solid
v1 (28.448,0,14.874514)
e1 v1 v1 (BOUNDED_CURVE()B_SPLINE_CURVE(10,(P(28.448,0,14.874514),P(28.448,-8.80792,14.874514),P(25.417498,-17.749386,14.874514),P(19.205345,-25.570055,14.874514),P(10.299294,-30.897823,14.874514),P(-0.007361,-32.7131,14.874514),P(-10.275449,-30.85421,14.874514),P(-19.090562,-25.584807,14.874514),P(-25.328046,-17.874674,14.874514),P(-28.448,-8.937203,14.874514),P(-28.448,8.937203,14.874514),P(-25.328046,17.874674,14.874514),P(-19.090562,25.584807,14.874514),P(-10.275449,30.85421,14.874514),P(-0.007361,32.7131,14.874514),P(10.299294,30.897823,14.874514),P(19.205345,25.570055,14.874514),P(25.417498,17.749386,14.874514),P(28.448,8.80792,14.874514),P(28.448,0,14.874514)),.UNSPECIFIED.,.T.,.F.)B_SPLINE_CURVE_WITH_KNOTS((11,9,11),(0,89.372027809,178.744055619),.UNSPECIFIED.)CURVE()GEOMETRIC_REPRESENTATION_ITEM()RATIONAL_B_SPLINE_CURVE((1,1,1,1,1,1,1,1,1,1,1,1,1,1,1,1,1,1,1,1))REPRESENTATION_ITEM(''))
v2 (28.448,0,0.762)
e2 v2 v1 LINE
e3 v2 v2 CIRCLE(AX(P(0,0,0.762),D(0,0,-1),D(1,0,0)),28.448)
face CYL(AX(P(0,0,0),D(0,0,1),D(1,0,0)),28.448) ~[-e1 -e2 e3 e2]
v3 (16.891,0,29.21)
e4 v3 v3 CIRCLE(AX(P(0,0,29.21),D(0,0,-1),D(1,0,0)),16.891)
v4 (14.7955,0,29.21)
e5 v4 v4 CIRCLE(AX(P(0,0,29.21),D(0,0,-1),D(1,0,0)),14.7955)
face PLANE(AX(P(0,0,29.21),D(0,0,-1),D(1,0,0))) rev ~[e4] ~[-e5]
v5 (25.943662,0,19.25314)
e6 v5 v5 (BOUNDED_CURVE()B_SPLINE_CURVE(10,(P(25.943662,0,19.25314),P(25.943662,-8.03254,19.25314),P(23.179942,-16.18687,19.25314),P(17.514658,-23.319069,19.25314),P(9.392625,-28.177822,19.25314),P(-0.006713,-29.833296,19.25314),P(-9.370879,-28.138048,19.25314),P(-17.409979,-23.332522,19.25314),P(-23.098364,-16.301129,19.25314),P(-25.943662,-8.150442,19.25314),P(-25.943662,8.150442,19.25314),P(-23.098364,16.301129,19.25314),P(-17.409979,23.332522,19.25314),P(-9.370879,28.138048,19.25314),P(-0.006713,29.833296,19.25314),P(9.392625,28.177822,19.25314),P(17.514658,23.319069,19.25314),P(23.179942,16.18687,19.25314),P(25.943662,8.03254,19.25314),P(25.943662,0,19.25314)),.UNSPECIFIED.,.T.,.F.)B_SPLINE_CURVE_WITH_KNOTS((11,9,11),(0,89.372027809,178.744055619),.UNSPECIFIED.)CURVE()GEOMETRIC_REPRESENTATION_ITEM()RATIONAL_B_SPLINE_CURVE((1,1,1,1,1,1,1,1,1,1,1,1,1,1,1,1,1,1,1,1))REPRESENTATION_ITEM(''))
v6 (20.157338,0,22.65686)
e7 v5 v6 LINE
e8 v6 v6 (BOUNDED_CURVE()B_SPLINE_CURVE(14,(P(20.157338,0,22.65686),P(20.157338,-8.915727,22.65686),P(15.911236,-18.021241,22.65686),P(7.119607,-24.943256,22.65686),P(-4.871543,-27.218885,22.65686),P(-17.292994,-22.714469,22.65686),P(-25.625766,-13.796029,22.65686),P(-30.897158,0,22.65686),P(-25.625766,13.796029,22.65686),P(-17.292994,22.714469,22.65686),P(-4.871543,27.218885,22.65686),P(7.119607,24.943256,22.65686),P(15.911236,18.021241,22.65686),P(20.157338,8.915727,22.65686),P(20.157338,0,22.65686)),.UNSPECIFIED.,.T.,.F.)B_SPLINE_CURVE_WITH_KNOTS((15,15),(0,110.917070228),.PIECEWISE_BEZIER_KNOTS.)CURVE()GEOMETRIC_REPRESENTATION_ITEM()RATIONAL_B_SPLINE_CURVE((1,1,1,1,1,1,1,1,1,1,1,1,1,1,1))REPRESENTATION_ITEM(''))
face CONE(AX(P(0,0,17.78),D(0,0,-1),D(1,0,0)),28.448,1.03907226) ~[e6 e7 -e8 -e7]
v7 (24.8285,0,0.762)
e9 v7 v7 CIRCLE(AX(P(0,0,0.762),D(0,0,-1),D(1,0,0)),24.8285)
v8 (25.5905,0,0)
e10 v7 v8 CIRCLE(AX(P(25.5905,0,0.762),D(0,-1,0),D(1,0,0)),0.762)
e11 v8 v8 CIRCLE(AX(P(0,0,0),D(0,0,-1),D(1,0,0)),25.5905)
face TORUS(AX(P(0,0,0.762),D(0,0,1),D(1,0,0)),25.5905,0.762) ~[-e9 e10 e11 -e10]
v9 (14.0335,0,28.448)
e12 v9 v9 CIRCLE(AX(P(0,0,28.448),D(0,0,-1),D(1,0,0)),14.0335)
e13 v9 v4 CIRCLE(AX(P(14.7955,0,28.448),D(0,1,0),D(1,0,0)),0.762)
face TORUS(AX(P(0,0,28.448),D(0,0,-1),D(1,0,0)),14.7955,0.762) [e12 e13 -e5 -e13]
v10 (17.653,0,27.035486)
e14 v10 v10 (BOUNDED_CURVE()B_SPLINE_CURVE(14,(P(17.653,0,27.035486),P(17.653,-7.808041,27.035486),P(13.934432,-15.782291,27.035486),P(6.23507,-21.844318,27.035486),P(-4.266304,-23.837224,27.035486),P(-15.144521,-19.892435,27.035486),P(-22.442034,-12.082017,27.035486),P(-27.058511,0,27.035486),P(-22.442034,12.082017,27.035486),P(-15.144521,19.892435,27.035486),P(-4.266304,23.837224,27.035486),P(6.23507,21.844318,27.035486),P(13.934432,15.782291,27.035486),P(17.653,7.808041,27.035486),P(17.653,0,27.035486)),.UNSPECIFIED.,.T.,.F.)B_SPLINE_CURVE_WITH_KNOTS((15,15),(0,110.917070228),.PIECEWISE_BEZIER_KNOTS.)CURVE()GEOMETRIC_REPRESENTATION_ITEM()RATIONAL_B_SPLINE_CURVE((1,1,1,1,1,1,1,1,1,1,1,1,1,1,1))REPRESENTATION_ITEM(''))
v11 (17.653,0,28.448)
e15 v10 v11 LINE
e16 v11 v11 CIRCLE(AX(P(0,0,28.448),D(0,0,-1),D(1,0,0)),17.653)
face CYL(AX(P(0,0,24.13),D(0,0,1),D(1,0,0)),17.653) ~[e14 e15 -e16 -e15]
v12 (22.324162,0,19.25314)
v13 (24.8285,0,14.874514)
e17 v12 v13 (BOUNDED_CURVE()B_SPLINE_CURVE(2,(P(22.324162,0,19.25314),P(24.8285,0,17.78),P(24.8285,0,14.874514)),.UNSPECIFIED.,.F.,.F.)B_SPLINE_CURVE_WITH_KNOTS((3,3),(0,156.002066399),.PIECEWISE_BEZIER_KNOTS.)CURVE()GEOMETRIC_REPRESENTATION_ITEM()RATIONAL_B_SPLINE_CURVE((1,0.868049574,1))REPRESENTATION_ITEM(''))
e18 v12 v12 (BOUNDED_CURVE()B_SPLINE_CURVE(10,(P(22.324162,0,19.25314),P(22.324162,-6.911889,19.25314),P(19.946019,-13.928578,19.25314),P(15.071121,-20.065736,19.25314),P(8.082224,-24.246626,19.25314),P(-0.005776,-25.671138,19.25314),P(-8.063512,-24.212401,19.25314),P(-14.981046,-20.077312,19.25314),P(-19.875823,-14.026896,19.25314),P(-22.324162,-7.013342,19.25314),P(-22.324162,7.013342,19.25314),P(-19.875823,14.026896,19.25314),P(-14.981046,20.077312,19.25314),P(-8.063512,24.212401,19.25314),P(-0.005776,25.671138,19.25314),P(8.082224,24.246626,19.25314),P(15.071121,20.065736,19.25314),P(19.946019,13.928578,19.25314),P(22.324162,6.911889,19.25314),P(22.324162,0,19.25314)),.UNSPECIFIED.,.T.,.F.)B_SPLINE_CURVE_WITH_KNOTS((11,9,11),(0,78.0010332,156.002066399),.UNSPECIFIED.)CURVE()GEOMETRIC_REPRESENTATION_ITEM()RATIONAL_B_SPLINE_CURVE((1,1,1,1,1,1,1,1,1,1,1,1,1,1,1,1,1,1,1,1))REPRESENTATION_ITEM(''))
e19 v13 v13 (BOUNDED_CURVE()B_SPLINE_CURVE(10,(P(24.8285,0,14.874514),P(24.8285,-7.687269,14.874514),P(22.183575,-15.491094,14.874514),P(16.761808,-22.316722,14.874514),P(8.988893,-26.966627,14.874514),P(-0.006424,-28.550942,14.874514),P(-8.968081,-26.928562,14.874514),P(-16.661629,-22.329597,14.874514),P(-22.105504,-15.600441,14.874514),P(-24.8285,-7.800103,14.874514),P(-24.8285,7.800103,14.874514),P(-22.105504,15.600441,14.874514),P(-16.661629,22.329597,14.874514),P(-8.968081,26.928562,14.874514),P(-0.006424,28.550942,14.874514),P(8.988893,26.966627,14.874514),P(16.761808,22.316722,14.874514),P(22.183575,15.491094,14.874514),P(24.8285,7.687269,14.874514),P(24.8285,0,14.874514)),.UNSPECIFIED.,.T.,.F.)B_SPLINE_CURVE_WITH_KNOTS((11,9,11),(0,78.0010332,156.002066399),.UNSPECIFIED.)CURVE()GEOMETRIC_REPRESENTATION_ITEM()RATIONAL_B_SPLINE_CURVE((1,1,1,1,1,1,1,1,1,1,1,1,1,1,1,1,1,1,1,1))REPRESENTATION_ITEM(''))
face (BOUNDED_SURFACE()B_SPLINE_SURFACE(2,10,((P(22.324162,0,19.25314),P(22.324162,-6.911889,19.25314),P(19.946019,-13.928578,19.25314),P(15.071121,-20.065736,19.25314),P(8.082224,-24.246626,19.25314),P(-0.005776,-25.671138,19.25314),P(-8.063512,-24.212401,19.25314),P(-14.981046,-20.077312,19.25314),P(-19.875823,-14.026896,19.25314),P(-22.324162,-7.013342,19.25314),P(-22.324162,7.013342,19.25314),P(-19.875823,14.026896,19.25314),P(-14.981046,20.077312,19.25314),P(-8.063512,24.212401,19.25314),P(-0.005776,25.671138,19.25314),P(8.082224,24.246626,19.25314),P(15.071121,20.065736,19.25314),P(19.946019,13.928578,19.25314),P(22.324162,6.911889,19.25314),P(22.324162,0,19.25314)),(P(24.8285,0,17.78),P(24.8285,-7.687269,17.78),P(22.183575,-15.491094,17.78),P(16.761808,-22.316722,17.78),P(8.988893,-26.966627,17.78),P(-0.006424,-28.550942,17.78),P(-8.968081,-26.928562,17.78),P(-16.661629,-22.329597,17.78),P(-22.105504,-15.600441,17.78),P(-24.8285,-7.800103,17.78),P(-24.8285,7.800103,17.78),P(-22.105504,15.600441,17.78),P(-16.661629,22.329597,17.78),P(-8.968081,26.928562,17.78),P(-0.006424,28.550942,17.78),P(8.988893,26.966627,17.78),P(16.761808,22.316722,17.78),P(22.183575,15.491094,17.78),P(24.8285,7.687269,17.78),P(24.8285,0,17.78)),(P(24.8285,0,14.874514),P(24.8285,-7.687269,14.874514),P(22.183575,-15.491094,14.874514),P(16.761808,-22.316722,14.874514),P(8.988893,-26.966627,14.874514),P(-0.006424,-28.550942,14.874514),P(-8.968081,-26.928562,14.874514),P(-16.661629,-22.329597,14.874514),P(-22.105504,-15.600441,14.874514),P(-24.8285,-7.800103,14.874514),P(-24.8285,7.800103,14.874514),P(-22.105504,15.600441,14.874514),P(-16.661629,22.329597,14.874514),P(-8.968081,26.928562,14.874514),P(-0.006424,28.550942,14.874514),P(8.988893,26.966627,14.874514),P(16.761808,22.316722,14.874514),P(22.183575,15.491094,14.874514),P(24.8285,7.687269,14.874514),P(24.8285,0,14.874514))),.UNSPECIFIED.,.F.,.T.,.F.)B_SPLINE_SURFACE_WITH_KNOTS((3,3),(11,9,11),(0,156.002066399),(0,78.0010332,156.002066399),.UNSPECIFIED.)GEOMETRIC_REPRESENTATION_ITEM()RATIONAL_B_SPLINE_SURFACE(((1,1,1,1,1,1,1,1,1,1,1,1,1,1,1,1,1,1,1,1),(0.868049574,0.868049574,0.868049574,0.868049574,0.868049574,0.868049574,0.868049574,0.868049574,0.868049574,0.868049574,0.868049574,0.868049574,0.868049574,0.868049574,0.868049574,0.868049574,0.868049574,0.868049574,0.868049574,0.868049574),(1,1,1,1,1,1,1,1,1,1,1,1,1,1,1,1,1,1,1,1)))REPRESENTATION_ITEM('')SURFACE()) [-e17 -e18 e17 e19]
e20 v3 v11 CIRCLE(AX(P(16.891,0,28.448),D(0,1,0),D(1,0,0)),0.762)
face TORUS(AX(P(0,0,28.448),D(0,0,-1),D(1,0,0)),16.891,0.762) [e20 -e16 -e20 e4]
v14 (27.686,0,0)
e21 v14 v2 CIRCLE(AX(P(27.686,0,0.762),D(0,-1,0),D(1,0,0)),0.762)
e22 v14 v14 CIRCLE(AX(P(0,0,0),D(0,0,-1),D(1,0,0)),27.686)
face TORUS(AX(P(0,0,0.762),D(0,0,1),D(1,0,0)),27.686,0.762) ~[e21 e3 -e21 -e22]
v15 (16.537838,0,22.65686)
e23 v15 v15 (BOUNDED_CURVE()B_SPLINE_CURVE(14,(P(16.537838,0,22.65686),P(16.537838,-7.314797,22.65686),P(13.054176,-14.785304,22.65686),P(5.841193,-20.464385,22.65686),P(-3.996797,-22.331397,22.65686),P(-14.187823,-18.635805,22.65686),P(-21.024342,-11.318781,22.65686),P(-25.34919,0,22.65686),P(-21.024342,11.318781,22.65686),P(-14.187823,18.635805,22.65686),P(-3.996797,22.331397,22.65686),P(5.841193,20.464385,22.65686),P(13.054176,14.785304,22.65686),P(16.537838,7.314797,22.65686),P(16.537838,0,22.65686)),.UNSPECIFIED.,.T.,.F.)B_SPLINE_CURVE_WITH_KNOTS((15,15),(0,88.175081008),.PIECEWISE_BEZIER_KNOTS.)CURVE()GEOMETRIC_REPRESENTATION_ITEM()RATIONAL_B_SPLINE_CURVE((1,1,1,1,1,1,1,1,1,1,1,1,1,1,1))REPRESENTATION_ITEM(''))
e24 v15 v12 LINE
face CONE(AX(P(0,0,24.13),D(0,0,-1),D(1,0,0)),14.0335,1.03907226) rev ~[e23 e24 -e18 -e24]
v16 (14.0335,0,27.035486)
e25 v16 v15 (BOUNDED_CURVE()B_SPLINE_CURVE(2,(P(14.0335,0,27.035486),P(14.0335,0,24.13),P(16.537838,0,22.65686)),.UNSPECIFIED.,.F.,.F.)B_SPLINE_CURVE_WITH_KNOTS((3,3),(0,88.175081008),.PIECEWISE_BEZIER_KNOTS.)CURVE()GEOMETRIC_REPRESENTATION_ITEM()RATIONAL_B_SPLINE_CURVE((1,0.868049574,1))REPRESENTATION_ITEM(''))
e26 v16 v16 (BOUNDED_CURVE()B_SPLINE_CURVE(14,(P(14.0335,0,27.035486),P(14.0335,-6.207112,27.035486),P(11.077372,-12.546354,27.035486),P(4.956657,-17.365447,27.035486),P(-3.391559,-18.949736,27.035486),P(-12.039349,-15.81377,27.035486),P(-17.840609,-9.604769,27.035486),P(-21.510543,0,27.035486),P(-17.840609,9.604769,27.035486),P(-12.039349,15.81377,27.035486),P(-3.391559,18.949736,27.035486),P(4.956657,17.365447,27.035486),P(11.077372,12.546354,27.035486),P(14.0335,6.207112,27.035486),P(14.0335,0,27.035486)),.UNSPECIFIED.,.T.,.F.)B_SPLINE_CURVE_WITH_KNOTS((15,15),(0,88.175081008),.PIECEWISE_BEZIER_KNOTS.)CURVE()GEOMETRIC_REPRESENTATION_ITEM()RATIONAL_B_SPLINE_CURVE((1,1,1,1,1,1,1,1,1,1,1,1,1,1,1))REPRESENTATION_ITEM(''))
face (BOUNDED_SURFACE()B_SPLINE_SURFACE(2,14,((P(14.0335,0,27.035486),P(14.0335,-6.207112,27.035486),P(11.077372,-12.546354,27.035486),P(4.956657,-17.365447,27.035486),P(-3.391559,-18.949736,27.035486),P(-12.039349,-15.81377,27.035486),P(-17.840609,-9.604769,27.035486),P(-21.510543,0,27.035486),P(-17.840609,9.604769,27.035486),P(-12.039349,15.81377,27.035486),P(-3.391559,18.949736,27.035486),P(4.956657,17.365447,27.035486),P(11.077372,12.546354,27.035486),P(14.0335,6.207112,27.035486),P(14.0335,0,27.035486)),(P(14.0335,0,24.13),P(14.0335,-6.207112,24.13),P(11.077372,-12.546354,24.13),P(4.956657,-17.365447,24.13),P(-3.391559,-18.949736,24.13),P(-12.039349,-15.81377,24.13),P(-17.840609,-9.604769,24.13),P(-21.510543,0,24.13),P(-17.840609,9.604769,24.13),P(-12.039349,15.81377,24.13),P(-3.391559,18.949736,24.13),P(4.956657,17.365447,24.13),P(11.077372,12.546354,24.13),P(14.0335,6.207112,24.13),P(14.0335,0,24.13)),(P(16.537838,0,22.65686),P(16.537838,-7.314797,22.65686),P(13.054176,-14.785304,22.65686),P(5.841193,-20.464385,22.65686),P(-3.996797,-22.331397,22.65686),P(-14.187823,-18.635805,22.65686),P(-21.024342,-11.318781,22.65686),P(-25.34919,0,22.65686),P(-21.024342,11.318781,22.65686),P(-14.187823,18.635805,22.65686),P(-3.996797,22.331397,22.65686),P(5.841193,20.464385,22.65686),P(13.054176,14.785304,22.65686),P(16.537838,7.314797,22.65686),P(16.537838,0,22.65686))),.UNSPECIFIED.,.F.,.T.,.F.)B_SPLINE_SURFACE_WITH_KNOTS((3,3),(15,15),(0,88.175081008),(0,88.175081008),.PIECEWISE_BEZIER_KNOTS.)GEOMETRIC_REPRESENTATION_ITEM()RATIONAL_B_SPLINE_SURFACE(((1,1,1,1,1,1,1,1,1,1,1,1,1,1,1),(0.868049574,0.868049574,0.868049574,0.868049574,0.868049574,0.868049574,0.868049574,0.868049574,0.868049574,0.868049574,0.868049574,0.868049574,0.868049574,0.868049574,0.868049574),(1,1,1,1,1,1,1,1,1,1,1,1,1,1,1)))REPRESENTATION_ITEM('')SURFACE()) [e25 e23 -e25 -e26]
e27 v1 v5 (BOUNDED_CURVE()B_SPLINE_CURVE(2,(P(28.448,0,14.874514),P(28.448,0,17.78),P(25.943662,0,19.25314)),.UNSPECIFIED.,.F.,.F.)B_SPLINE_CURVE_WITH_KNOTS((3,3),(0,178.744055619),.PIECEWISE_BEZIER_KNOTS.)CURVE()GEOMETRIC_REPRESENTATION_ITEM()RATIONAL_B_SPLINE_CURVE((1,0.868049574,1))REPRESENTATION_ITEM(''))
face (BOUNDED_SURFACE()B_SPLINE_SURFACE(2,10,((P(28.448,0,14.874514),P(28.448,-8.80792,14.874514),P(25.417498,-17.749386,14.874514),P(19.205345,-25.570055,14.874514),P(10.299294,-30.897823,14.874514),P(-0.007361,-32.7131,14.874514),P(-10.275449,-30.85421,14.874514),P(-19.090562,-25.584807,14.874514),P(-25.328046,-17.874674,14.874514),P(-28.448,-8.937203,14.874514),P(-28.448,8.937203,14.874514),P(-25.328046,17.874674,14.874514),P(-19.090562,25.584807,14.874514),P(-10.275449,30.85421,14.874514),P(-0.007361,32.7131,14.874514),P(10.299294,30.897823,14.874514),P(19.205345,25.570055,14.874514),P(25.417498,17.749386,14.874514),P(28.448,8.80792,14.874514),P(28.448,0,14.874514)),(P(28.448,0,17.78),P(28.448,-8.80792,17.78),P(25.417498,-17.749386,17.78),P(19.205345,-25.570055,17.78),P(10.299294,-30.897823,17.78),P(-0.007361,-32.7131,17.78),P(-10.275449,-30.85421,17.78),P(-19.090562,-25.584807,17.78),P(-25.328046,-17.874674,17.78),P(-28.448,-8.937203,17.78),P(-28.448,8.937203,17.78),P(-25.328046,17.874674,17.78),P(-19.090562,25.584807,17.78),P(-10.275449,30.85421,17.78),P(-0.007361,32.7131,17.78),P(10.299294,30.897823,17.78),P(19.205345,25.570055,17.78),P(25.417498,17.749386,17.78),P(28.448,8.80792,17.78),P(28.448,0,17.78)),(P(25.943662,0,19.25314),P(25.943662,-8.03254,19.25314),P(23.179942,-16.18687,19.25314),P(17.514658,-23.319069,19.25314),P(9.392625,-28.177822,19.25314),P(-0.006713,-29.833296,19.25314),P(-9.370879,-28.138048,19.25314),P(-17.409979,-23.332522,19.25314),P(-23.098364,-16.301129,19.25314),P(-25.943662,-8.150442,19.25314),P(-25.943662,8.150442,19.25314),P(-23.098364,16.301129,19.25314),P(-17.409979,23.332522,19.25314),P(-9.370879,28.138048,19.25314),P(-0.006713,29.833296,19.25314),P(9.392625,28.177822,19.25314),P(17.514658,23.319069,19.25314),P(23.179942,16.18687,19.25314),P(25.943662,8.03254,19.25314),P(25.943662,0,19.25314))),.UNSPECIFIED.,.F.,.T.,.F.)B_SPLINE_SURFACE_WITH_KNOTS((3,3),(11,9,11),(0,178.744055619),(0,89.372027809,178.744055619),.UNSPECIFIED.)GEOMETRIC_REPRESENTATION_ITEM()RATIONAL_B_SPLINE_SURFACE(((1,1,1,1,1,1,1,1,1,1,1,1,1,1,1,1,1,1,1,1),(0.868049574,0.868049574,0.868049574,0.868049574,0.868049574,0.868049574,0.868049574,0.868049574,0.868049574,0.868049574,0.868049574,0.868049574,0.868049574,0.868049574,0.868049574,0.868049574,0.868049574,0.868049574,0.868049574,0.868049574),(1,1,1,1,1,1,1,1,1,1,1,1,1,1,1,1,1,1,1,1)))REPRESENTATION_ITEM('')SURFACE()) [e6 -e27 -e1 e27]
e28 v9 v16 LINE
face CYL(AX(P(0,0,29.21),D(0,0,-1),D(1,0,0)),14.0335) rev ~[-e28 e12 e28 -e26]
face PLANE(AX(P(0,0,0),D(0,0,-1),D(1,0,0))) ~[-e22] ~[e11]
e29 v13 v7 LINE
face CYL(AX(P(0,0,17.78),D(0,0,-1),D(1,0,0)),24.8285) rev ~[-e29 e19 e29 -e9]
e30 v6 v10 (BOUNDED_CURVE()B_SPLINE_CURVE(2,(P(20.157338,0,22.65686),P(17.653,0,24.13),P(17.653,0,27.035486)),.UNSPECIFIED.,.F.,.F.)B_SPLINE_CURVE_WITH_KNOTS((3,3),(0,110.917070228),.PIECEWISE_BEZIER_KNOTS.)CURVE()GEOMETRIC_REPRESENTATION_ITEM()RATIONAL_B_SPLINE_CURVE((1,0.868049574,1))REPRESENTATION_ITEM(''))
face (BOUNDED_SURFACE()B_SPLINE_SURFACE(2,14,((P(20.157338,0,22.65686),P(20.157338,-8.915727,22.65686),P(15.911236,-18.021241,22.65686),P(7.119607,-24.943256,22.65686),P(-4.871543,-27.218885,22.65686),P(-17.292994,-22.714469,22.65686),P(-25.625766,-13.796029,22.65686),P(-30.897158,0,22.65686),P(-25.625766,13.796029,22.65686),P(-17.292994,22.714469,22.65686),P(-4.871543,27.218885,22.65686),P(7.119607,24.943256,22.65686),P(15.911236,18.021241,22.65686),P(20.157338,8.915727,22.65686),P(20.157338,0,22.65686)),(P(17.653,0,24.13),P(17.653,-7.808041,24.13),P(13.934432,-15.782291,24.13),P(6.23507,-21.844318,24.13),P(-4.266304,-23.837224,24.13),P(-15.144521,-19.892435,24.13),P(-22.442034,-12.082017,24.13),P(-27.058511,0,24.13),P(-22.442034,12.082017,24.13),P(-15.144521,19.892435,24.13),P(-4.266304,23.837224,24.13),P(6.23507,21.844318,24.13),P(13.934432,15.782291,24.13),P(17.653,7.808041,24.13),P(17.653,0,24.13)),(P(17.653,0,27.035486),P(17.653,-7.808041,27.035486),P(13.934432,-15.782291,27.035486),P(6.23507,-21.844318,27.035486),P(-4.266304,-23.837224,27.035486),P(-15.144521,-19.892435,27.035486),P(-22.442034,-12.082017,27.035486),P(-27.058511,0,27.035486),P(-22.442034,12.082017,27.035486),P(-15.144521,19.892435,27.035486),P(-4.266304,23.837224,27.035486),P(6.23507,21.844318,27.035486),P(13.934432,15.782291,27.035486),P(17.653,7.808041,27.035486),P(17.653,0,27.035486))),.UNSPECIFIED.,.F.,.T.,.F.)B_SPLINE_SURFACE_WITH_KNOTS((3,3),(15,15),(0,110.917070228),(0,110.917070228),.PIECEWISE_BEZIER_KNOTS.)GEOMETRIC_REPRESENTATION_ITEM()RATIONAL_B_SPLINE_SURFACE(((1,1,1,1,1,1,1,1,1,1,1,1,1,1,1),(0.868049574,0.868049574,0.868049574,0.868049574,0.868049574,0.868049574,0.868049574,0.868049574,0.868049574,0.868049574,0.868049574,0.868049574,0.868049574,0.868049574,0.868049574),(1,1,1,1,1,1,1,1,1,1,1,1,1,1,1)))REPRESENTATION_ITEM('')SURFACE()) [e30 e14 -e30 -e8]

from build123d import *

# Parameters (mm, degrees)
F2_R = 5.08
F3_R = 0.762


with BuildPart() as f1:
    # F0 (on Front) → F1 (revolve)
    with BuildSketch(Plane.XZ):
        Polygon((17.653, 29.21), (14.0335, 29.21), (14.0335, 24.13), (24.8285, 17.78), (24.8285, 0), (28.448, 0), (28.448, 17.78), (17.653, 24.13), align=None)
    revolve(axis=Axis((0, 0, -0.587802), (0, 0, -1)))

    # F2
    f2_edges = [f1.edges().sort_by_distance(p)[0] for p in [
        (-28.448, 0, 17.78),
        (-17.653, 0, 24.13),
        (-24.8285, 0, 17.78),
        (-14.0335, 0, 24.13),
        (19.431, 0, 20.955),
    ]]
    fillet(f2_edges, radius=F2_R)

    # F3
    f3_edges = [f1.edges().sort_by_distance(p)[0] for p in [
        (-17.653, 0, 29.21),
        (-14.0335, 0, 29.21),
        (-28.448, 0, 0),
        (-24.8285, 0, 0),
    ]]
    fillet(f3_edges, radius=F3_R)


solid = f1.part
